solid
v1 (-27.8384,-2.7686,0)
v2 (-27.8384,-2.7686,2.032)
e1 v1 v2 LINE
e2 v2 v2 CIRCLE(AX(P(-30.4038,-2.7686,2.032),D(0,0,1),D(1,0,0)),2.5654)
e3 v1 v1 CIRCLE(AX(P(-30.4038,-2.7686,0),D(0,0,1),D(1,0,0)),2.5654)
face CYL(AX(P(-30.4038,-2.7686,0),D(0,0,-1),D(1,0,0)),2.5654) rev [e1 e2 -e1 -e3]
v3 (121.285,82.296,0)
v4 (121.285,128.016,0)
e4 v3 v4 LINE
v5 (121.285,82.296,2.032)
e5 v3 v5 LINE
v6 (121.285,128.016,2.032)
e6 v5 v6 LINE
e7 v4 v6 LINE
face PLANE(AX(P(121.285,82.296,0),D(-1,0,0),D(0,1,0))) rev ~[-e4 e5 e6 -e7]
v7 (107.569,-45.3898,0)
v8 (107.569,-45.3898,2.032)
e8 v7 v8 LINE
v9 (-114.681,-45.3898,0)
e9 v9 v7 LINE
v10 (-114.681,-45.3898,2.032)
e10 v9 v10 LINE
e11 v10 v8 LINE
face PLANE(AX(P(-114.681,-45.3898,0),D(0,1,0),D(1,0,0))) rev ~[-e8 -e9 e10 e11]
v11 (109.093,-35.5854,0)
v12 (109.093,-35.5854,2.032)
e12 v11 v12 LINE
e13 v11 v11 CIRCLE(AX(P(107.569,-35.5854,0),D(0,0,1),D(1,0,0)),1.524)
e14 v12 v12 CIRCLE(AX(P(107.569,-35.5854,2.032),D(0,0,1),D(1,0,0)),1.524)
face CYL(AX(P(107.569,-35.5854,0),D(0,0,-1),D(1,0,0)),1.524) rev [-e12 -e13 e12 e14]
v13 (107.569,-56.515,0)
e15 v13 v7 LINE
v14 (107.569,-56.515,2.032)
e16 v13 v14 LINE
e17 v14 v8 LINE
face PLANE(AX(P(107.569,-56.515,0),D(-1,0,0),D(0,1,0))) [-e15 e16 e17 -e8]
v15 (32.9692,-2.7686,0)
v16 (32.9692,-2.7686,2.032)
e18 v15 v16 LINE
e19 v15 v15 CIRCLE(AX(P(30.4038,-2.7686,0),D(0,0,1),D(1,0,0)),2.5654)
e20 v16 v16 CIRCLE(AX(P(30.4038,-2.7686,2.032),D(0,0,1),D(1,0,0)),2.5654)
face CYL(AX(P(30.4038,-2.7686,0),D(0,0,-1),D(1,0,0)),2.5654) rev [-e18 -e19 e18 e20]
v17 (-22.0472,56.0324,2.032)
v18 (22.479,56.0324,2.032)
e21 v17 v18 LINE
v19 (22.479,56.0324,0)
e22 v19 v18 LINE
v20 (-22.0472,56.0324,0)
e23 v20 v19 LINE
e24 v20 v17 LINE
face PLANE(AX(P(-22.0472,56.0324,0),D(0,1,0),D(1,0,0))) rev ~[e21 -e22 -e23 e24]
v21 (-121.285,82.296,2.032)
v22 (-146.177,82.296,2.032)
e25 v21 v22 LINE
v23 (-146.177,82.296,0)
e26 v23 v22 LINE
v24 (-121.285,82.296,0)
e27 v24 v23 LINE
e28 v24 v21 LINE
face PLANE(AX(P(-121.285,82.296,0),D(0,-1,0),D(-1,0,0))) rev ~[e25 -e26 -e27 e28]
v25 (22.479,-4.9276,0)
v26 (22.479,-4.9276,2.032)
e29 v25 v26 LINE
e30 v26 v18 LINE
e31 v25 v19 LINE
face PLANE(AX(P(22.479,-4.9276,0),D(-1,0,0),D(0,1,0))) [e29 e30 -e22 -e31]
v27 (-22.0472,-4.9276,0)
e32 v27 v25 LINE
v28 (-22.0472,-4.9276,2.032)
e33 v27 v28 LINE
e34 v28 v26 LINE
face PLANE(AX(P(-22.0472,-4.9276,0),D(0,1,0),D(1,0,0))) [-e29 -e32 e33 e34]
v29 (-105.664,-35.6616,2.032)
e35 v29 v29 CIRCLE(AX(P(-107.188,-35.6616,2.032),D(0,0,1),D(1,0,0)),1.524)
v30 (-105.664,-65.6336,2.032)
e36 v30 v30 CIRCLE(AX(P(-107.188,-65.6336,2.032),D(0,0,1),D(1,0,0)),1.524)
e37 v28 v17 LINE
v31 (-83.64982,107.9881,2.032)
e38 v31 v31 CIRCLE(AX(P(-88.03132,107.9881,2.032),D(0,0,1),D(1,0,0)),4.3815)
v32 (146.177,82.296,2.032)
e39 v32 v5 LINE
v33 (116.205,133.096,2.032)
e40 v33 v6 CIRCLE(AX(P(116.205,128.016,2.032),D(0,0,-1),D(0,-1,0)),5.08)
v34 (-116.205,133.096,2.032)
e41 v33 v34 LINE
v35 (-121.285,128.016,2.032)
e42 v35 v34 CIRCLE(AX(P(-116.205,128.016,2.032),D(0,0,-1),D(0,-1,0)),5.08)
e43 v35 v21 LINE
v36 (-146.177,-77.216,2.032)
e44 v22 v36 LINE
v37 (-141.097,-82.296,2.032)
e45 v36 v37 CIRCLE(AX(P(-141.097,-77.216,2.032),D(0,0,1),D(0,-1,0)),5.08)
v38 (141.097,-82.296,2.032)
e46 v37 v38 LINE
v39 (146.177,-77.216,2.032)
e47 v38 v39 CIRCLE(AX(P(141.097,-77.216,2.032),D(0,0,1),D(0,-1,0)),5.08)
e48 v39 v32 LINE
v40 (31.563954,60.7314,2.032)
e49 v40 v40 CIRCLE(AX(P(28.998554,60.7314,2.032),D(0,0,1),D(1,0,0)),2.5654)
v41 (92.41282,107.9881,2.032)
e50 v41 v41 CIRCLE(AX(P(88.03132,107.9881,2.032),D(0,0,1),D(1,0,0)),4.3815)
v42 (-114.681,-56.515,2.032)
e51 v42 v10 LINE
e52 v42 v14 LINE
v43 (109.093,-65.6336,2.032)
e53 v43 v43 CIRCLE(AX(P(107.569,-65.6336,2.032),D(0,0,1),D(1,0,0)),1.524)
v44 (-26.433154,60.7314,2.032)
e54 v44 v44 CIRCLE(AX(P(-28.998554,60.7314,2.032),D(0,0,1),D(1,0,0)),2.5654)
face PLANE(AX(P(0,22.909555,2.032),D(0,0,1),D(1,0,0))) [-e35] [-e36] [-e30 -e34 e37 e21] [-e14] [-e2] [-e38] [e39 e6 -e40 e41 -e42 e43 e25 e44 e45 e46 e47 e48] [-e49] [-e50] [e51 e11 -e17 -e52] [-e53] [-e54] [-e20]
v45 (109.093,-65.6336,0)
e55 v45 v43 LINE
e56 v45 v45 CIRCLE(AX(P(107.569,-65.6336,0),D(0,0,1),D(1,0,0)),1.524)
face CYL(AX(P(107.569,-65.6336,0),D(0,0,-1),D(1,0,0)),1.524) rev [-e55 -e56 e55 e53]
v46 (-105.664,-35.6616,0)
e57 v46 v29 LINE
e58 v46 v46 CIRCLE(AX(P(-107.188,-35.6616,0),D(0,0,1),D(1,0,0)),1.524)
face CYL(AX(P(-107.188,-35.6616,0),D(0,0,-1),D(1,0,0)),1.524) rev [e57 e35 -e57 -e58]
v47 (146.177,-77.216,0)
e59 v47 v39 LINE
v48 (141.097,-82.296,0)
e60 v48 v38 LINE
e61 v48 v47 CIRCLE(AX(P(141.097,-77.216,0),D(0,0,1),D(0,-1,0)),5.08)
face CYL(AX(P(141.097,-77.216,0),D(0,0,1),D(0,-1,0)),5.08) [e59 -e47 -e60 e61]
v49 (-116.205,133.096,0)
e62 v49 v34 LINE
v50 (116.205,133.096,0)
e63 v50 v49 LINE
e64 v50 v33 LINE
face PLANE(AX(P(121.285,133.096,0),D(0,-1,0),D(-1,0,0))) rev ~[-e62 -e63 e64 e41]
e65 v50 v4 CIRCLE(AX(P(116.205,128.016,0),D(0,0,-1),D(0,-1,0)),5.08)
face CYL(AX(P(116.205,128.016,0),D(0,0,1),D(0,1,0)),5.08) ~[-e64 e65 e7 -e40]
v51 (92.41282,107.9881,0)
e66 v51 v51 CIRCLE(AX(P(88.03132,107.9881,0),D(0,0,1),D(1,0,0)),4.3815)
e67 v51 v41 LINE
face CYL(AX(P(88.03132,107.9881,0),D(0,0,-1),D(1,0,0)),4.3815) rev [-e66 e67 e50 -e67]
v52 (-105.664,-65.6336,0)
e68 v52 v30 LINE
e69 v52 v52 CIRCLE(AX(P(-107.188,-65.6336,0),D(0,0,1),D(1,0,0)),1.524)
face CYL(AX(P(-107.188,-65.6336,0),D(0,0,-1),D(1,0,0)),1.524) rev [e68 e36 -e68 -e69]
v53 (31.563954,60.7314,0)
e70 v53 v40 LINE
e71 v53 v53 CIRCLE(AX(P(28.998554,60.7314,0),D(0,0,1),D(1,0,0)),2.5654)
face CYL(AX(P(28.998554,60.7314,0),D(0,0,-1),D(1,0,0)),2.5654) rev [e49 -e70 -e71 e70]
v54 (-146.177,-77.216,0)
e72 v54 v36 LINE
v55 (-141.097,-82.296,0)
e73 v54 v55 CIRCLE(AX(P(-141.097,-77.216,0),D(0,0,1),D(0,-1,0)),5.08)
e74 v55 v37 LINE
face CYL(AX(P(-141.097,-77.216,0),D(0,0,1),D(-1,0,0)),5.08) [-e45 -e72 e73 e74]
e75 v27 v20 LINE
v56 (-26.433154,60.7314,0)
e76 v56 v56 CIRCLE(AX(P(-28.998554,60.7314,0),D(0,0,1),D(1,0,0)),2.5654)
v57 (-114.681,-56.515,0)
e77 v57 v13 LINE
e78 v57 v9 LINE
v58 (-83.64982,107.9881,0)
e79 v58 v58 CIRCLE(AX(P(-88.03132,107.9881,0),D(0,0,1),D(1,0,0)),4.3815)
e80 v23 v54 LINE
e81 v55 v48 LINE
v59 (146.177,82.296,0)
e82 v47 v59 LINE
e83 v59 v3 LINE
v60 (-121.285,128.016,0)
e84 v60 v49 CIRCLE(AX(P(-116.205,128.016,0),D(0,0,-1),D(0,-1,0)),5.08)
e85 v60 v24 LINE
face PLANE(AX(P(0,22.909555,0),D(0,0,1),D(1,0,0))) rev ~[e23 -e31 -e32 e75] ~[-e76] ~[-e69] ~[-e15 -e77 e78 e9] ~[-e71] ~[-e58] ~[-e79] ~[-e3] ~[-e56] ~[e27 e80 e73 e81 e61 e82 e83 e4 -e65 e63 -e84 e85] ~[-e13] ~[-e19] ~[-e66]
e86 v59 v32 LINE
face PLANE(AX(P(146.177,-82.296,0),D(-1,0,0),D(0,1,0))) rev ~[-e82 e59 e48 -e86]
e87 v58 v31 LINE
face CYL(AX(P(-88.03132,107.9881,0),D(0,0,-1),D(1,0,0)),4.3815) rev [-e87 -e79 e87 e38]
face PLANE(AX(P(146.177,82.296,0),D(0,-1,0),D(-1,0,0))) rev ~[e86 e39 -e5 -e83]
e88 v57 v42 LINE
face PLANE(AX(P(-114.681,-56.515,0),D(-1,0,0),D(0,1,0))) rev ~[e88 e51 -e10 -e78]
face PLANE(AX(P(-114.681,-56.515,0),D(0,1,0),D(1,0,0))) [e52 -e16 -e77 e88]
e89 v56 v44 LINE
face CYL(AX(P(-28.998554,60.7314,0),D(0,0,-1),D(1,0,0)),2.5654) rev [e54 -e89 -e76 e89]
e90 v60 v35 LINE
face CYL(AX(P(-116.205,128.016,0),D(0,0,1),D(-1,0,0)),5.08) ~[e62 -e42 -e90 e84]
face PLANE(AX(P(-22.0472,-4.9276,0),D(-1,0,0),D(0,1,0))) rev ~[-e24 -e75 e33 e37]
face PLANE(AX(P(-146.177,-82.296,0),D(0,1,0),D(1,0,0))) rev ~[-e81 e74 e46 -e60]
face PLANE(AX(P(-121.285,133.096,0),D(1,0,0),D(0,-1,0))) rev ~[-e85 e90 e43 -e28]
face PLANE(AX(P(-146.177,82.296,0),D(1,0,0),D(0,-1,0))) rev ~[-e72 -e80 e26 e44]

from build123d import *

# Parameters (mm, degrees)
F0_R     = 1.524
F0_W     = 222.25
F0_H     = 11.1252
F0_R_2   = 2.5654
F0_R_3   = 4.3815
F0_W_2   = 44.5262
F0_H_2   = 60.96
F1_DEPTH = 2.032
F2_R     = 5.08


with BuildPart() as f1:
    # F0 (on Top) → F1 (new body)
    with BuildSketch(Plane.XY):
        Polygon((-146.177, 82.296), (-146.177, -82.296), (146.177, -82.296), (146.177, 82.296), (121.285, 82.296), (121.285, 133.096), (-121.285, 133.096), (-121.285, 82.296), align=None)
        with Locations((-107.188, -65.6336)):
            Circle(F0_R, mode=Mode.SUBTRACT)
        with Locations((-107.188, -35.6616)):
            Circle(F0_R, mode=Mode.SUBTRACT)
        with Locations((-3.556, -50.9524)):
            Rectangle(F0_W, F0_H, mode=Mode.SUBTRACT)
        with Locations((-30.4038, -2.7686)):
            Circle(F0_R_2, mode=Mode.SUBTRACT)
        with Locations((107.569, -65.6336)):
            Circle(F0_R, mode=Mode.SUBTRACT)
        with Locations((107.569, -35.5854)):
            Circle(F0_R, mode=Mode.SUBTRACT)
        with Locations((30.4038, -2.7686)):
            Circle(F0_R_2, mode=Mode.SUBTRACT)
        with Locations((-28.998554, 60.7314)):
            Circle(F0_R_2, mode=Mode.SUBTRACT)
        with Locations((-88.03132, 107.9881)):
            Circle(F0_R_3, mode=Mode.SUBTRACT)
        with Locations((0.2159, 25.5524)):
            Rectangle(F0_W_2, F0_H_2, mode=Mode.SUBTRACT)
        with Locations((28.998554, 60.7314)):
            Circle(F0_R_2, mode=Mode.SUBTRACT)
        with Locations((88.03132, 107.9881)):
            Circle(F0_R_3, mode=Mode.SUBTRACT)
    extrude(amount=F1_DEPTH)

    # F2
    f2_edges = [f1.edges().sort_by_distance(p)[0] for p in [
        (121.285, 133.096, 1.016),
        (-121.285, 133.096, 1.016),
        (146.177, -82.296, 1.016),
        (-146.177, -82.296, 1.016),
    ]]
    fillet(f2_edges, radius=F2_R)


solid = f1.part
